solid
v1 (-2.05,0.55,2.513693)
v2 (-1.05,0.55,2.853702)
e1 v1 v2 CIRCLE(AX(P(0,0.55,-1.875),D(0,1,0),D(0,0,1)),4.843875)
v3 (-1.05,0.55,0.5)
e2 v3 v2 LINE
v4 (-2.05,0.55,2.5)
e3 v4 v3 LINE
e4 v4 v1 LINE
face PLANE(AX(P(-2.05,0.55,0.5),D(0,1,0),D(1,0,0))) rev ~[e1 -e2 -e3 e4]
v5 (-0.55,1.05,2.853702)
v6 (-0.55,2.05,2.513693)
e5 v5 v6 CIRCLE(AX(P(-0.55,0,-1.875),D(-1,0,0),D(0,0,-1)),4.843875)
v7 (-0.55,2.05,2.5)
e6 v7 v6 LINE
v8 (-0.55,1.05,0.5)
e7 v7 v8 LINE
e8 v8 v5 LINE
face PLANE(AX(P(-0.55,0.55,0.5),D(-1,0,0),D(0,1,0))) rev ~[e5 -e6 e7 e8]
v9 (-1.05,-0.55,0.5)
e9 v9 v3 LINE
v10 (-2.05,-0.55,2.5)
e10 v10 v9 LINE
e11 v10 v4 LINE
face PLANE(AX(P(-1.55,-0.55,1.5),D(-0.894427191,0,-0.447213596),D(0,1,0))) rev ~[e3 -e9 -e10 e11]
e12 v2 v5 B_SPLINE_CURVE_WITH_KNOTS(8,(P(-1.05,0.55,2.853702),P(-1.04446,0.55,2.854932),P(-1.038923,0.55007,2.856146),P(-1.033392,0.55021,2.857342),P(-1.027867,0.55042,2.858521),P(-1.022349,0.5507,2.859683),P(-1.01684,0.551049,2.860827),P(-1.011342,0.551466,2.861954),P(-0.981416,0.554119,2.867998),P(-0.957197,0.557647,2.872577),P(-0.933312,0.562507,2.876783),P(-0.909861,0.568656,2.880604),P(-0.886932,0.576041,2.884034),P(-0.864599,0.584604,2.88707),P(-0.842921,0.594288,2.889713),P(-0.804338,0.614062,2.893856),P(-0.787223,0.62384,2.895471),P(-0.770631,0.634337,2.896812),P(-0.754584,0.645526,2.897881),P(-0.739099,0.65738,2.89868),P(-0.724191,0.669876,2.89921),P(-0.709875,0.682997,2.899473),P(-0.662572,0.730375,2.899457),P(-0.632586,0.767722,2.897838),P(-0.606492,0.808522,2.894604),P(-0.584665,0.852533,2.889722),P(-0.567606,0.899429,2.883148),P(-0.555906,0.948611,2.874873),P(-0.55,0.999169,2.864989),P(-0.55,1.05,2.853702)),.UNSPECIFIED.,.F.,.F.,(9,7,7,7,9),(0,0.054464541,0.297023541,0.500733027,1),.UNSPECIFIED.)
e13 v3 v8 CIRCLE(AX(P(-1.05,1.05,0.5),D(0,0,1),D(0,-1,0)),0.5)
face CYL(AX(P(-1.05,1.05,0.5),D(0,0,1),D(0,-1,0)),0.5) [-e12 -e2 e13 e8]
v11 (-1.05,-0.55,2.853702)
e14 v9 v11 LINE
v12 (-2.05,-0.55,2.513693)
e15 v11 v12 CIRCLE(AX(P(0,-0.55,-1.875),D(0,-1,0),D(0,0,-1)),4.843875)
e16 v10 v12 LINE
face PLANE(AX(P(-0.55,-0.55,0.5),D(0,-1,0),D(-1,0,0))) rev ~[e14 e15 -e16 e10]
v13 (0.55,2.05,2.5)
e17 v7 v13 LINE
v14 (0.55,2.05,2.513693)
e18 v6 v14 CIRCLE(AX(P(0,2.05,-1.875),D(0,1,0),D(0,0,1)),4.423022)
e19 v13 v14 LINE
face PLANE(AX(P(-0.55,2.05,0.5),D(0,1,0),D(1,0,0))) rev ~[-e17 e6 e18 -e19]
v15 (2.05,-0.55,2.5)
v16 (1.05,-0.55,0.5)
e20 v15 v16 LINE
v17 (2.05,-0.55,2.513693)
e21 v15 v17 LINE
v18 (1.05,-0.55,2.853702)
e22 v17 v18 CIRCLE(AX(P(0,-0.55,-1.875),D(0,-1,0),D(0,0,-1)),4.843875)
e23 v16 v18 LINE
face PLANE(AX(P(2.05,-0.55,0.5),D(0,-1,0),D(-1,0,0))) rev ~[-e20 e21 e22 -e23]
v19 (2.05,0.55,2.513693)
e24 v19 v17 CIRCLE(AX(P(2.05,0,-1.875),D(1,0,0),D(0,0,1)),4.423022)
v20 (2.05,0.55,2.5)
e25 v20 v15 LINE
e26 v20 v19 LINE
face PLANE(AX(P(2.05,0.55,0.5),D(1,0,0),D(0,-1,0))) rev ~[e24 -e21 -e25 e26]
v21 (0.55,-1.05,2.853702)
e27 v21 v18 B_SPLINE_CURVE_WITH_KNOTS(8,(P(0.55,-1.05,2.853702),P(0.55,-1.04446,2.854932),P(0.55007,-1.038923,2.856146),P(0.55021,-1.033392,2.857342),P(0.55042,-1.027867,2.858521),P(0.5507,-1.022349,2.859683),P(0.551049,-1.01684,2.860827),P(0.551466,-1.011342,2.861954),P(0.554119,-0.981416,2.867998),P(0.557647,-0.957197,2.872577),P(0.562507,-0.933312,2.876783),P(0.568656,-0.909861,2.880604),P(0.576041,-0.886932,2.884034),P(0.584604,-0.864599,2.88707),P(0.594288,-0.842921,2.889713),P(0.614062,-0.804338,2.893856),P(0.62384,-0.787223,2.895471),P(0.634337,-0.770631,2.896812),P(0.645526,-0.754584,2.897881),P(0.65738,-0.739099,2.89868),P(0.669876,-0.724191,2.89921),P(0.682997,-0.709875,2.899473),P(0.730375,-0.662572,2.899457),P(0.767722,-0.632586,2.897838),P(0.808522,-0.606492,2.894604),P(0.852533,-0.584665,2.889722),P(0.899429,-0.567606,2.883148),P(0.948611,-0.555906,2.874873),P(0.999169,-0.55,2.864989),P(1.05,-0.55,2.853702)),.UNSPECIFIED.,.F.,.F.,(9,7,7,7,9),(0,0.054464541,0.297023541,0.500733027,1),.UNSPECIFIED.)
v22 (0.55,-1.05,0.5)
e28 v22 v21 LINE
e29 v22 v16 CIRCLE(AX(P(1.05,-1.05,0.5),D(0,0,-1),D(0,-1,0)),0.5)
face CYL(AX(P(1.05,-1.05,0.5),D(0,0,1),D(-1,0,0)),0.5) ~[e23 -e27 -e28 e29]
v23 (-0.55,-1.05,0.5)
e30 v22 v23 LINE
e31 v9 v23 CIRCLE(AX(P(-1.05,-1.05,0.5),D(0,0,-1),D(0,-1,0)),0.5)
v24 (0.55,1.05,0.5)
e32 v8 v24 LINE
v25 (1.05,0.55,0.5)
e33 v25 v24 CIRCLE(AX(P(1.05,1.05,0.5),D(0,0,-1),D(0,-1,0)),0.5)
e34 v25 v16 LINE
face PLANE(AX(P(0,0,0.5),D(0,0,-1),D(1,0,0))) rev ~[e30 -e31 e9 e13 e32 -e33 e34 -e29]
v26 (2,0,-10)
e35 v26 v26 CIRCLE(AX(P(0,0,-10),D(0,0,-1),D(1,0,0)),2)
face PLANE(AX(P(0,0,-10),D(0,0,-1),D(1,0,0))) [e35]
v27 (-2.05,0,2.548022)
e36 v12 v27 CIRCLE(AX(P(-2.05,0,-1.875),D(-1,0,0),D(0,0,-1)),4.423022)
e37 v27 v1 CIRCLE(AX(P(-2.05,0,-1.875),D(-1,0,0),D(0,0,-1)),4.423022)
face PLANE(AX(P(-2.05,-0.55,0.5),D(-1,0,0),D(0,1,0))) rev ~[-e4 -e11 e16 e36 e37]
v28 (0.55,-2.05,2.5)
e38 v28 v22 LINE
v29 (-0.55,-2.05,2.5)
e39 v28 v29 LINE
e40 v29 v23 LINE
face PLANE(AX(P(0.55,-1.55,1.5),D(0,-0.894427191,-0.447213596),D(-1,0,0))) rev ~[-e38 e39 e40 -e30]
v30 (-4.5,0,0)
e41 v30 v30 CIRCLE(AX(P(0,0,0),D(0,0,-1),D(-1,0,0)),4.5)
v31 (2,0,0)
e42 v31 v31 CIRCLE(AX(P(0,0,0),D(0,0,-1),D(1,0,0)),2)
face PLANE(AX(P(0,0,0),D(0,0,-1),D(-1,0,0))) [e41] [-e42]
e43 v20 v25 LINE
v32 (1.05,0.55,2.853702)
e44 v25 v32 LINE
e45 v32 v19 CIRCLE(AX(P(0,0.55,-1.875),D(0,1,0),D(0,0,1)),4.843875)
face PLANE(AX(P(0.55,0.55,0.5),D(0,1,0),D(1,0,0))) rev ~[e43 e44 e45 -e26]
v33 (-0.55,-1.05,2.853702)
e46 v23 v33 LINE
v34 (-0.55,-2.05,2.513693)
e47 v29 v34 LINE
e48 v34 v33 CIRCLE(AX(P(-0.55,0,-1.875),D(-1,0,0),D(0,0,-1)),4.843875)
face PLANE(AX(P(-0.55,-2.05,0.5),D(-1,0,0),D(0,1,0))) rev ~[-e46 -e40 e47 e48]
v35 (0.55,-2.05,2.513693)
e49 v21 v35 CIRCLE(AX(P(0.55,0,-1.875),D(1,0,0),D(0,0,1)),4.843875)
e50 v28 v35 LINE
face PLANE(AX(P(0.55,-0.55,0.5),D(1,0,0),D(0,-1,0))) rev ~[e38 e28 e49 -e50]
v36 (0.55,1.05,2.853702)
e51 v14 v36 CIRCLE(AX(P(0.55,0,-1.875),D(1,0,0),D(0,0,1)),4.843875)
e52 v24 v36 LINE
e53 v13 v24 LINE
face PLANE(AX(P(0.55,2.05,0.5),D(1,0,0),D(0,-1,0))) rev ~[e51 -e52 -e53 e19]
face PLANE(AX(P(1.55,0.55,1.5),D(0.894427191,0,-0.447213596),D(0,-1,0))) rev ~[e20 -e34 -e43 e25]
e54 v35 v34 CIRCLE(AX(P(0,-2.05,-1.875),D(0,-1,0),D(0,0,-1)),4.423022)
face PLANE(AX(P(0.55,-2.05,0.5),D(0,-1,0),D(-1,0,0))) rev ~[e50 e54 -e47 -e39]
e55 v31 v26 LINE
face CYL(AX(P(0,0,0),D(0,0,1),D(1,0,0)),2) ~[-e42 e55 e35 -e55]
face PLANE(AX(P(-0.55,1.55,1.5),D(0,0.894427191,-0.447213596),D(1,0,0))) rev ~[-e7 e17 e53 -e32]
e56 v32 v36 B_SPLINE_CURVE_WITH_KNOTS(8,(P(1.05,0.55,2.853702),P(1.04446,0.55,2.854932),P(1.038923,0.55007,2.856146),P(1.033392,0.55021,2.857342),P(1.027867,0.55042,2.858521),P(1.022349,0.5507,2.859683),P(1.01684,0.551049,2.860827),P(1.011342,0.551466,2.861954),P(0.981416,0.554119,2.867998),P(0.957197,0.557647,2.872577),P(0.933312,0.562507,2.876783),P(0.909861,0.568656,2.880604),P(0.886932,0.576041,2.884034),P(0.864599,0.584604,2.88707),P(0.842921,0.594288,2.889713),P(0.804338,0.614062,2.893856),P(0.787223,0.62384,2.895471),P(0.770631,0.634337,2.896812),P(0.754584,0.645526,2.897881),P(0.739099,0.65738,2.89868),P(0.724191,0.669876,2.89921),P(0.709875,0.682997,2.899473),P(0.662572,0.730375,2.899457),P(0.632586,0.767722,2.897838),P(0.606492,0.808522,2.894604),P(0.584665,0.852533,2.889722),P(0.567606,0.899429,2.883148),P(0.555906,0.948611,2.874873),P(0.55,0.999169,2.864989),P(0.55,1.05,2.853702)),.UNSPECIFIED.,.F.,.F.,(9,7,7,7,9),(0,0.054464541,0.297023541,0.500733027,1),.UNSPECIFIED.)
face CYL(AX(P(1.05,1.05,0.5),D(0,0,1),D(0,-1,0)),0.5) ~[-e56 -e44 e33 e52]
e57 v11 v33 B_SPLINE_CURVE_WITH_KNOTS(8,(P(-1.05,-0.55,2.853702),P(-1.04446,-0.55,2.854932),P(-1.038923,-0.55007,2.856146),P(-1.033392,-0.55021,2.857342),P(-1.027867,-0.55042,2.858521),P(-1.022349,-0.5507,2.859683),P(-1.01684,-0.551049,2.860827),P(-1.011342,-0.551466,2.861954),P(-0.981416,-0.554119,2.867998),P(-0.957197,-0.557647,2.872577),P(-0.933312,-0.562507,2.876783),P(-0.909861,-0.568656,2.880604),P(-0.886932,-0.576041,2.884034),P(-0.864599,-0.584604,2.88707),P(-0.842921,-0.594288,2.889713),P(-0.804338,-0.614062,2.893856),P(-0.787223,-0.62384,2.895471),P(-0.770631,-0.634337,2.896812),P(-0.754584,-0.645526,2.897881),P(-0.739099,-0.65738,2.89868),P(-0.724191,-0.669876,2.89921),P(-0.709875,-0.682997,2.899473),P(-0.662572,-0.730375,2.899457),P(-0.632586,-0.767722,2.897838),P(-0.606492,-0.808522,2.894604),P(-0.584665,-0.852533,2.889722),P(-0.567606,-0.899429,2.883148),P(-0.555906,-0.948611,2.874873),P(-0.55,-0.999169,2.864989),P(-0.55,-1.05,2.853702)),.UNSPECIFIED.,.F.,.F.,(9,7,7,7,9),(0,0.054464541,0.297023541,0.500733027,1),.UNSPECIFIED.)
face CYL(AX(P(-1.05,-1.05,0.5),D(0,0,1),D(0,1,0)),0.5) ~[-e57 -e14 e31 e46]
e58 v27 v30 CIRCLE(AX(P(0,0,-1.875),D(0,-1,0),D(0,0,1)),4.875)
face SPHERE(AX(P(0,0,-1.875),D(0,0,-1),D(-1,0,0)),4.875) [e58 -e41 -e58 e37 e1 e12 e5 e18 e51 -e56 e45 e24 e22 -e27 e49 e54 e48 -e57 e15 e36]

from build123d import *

# Parameters (mm, degrees)
F2_R     = 2
F3_DEPTH = 10
F5_START = -0.5
F5_DEPTH = 2.501
F6_SIZE2 = 1
F6_SIZE  = 2
F7_R     = 0.5


with BuildPart() as f1:
    # F0 (on Front) → F1 (revolve)
    with BuildSketch(Plane.XZ):
        with BuildLine():
            Line((0, 0), (0, 3))
            ThreePointArc((0, 3), (-2.7041634566, 2.1812451849), (-4.5, 0))
            Line((-4.5, 0), (0, 0))
        make_face()
    revolve(axis=Axis((0, 0, 1.5), (0, 0, -1)))

    # F2 (on face) → F3 (join)
    with BuildSketch(Plane(origin=(0, 0, 0), x_dir=(1, 0, 0), z_dir=(0, 0, -1))):
        Circle(F2_R)
    extrude(amount=F3_DEPTH)

    # F4 (on face) → F5 (cut)
    with BuildSketch(Plane(origin=(0, 0, 0), x_dir=(1, 0, 0), z_dir=(0, 0, -1)).offset(F5_START)):
        Polygon((0.55, 2.05), (0, 2.05), (-0.55, 2.05), (-0.55, 0.55), (-2.05, 0.55), (-2.05, 0), (-2.05, -0.55), (-0.55, -0.55), (-0.55, -2.05), (0, -2.05), (0.55, -2.05), (0.55, -0.55), (2.05, -0.55), (2.05, 0), (2.05, 0.55), (0.55, 0.55), align=None)
    extrude(amount=-F5_DEPTH, mode=Mode.SUBTRACT)

    # F6
    f6_edges = [f1.edges().sort_by_distance(p)[0] for p in [
        (2.05, 0, 0.5),
        (0, 2.05, 0.5),
        (0, -2.05, 0.5),
        (-2.05, 0, 0.5),
    ]]
    chamfer(f6_edges, length=F6_SIZE, length2=F6_SIZE2)

    # F7
    f7_edges = [f1.edges().sort_by_distance(p)[0] for p in [
        (0.55, -0.55, 1.718774),
        (0.55, 0.55, 1.718774),
        (-0.55, -0.55, 1.718774),
        (-0.55, 0.55, 1.718774),
    ]]
    fillet(f7_edges, radius=F7_R)


solid = f1.part
